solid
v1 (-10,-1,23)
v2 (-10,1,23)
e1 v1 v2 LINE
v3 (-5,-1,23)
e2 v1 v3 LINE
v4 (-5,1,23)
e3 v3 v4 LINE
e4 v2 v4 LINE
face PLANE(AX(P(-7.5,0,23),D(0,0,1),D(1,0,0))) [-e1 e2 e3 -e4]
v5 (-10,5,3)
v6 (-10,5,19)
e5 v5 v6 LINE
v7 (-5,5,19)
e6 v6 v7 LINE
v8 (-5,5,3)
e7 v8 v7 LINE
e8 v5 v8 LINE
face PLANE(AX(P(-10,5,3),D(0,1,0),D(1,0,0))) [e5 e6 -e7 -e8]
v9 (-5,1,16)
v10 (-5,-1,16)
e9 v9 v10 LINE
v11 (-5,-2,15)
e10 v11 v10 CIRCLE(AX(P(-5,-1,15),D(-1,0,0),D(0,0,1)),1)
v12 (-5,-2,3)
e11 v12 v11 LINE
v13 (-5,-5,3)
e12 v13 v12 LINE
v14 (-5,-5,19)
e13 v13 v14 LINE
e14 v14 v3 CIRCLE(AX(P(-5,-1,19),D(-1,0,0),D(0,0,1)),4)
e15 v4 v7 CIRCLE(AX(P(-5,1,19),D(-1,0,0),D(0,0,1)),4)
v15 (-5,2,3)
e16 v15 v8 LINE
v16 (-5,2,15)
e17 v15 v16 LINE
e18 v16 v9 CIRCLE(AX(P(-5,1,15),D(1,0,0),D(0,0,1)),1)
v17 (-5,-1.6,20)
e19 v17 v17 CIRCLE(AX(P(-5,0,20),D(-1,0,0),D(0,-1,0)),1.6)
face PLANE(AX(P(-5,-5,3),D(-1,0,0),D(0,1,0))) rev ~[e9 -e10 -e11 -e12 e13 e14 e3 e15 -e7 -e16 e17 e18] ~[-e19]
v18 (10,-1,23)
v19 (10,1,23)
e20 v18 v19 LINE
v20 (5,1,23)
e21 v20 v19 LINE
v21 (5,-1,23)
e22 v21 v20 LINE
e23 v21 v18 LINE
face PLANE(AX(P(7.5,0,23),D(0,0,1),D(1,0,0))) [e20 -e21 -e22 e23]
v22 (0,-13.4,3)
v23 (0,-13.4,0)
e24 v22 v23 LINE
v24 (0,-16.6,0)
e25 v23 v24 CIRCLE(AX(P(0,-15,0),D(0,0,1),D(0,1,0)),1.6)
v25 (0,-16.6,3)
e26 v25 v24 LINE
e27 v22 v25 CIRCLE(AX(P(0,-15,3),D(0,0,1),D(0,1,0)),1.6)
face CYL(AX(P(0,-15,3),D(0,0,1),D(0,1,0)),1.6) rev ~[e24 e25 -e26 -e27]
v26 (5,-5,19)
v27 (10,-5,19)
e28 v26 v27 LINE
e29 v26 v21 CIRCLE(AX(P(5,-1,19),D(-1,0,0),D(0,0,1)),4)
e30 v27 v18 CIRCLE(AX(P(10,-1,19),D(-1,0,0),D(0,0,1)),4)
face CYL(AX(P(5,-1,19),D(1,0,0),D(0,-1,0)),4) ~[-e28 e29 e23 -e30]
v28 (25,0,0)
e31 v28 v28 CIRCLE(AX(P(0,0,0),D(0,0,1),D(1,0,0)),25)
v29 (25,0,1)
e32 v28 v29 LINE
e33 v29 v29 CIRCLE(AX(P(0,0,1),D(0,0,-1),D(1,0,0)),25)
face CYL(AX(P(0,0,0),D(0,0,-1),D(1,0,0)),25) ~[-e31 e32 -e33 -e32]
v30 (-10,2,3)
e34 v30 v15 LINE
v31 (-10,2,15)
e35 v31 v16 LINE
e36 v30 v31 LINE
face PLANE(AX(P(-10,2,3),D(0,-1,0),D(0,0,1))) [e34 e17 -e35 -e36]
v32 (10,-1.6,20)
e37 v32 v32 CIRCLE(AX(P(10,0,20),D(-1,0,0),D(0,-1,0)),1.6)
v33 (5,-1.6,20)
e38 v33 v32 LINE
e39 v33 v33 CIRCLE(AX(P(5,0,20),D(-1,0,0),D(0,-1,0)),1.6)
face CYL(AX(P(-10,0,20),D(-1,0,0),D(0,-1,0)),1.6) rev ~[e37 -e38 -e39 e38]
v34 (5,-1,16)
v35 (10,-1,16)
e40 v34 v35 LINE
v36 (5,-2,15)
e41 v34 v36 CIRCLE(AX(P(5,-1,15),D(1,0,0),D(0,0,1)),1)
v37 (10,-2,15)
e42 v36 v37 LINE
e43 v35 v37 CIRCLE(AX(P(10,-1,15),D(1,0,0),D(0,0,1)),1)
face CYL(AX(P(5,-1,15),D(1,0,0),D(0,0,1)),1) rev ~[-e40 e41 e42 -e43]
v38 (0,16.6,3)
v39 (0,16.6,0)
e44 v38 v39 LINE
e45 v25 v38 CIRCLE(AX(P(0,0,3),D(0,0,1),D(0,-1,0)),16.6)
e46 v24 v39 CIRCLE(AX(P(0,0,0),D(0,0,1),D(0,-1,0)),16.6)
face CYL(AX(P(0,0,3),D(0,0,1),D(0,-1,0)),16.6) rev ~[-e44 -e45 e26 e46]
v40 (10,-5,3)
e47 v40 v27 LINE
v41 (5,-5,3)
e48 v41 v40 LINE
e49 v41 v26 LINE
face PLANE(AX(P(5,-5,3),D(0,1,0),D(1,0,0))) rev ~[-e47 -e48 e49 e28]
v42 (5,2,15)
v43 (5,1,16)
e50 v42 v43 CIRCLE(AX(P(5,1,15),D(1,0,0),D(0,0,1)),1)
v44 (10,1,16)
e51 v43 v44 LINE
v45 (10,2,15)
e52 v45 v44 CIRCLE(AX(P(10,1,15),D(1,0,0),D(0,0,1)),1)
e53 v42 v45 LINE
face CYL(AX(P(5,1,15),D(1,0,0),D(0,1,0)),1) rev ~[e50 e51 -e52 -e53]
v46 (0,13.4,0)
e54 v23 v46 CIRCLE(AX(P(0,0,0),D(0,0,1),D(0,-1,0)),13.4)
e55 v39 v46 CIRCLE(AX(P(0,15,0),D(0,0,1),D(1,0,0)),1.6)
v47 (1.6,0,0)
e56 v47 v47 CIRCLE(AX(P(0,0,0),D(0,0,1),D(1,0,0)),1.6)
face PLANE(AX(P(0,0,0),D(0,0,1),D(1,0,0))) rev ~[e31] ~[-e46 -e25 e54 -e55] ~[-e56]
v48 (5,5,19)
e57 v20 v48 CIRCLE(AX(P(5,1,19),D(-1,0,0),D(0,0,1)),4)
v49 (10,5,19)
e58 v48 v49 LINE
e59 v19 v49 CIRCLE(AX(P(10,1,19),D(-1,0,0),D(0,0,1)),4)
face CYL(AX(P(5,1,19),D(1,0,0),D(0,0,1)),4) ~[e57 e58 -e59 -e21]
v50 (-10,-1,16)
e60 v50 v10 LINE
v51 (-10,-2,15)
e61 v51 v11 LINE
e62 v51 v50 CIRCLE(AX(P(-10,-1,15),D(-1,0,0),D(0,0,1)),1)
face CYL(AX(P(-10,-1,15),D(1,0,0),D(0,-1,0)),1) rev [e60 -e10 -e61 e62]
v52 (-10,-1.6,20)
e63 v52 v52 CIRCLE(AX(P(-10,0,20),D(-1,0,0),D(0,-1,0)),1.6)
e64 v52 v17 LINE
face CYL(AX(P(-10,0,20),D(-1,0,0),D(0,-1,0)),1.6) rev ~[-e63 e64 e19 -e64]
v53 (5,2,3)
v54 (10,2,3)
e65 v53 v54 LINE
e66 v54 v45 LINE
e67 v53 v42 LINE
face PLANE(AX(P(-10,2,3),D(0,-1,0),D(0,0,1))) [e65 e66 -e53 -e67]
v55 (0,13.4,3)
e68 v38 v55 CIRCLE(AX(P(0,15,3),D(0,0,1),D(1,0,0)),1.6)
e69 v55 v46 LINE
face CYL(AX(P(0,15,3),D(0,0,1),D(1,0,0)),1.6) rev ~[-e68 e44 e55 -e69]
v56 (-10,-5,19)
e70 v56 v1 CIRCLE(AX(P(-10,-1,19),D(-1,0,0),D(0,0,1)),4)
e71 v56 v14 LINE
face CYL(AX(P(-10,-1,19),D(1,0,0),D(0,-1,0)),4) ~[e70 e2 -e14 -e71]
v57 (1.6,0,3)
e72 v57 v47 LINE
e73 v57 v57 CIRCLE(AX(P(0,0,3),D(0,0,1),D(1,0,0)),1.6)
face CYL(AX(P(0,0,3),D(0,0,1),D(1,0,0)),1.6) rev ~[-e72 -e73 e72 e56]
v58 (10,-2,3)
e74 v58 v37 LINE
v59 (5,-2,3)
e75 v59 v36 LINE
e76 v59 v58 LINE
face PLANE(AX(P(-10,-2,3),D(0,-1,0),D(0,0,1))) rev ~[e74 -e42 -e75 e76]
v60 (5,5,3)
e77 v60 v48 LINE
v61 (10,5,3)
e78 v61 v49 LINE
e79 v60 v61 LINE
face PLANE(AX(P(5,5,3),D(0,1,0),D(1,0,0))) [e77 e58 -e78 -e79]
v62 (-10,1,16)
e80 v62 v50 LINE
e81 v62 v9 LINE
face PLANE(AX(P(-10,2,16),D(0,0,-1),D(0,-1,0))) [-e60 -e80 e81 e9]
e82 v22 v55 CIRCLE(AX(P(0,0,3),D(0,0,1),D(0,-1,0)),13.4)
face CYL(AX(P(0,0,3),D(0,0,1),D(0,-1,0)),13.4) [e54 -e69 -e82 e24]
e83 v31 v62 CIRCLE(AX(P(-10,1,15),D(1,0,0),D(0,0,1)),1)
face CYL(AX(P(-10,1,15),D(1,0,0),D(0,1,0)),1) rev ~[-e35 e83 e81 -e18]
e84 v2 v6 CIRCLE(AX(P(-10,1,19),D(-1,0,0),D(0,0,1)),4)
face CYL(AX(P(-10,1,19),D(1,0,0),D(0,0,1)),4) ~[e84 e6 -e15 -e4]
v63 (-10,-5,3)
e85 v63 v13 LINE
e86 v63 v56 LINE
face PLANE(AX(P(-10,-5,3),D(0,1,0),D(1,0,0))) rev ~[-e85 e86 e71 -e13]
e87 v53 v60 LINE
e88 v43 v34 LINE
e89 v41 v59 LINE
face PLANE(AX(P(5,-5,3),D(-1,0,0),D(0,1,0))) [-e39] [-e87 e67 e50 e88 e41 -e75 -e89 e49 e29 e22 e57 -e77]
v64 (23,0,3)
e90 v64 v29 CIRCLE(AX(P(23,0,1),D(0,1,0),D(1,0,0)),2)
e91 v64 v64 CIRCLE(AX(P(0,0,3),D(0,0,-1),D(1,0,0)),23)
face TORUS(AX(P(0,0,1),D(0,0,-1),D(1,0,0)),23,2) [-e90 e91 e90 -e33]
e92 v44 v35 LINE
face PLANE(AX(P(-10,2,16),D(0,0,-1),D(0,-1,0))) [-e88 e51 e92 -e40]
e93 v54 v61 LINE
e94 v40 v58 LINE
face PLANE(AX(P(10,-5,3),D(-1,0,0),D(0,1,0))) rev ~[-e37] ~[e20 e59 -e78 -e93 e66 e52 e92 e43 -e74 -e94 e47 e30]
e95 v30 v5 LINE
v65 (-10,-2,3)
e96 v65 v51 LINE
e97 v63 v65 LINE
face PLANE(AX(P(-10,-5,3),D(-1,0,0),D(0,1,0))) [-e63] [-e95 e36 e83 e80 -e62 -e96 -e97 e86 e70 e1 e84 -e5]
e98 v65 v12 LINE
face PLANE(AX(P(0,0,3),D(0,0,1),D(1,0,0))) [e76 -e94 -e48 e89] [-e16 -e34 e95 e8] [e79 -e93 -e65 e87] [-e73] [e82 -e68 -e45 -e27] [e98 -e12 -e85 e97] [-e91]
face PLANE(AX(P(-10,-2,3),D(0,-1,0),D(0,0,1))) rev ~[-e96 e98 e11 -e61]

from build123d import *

# Parameters (mm, degrees)
SKETCH_R        = 25
PAD_DEPTH       = 3
SKETCH001_W     = 5
SKETCH001_H     = 10
PAD001_DEPTH    = 20
SKETCH002_R     = 1.6
POCKET_DEPTH    = 5
SKETCH003_R     = 1.6
SKETCH003_W     = 4
SKETCH003_H     = 13
POCKET001_DEPTH = 35.001
FILLET_R        = 4
FILLET001_R     = 1
FILLET002_R     = 2
POCKET002_DEPTH = 5
POCKET003_DEPTH = 5


with BuildPart() as part:
    # Sketch → Pad (new body)
    with BuildSketch(Plane.XY):
        Circle(SKETCH_R)
    extrude(amount=PAD_DEPTH)

    # Sketch001 (on Face3 of Pad) → Pad001 (join)
    with BuildSketch(Plane.XY.offset(3)):
        with Locations((-7.5, 0)):
            Rectangle(SKETCH001_W, SKETCH001_H)
        with Locations((7.5, 0)):
            Rectangle(SKETCH001_W, SKETCH001_H)
    extrude(amount=PAD001_DEPTH)

    # Sketch002 (on Face3 of Pad001) → Pocket (cut)
    with BuildSketch(Plane.XY.offset(3)):
        Circle(SKETCH002_R)
        with Locations((0, 15)):
            Circle(SKETCH002_R)
    extrude(amount=-POCKET_DEPTH, mode=Mode.SUBTRACT)

    # Sketch003 (on Face8 of Pocket) → Pocket001 (cut, through all)
    with BuildSketch(Plane(origin=(-10, 0, 0), x_dir=(0, -1, 0), z_dir=(-1, 0, 0))):
        with Locations((0, 20)):
            Circle(SKETCH003_R)
        with Locations((0, 9.5)):
            Rectangle(SKETCH003_W, SKETCH003_H)
    extrude(amount=-POCKET001_DEPTH, mode=Mode.SUBTRACT)

    # Fillet
    fillet_edges = [part.edges().sort_by_distance(p)[0] for p in [
        (-7.5, 5, 23),
        (-7.5, -5, 23),
        (7.5, -5, 23),
        (7.5, 5, 23),
    ]]
    fillet(fillet_edges, radius=FILLET_R)

    # Fillet001
    fillet001_edges = [part.edges().sort_by_distance(p)[0] for p in [
        (7.5, -2, 16),
        (-7.5, -2, 16),
        (-7.5, 2, 16),
        (7.5, 2, 16),
    ]]
    fillet(fillet001_edges, radius=FILLET001_R)

    # Fillet002
    fillet002_edges = [part.edges().sort_by_distance(p)[0] for p in [
        (-25, 0, 3),
    ]]
    fillet(fillet002_edges, radius=FILLET002_R)

    # Sketch004 (on Face1 of Fillet002) → Pocket002 (cut)
    with BuildSketch(Plane.XY.offset(3)):
        with BuildLine():
            ThreePointArc((0, -16.6), (16.6, 0), (0, 16.6))
            Line((0, 16.6), (0, 13.4))
            ThreePointArc((0, -13.4), (13.4, 0), (0, 13.4))
            Line((0, -13.4), (0, -16.6))
        make_face()
    extrude(amount=-POCKET002_DEPTH, mode=Mode.SUBTRACT)

    # Sketch005 (on Face1 of Pocket002) → Pocket003 (cut)
    with BuildSketch(Plane.XY.offset(3)):
        with BuildLine():
            ThreePointArc((0, -13.4), (-1.6, -15), (0, -16.6))
            Line((0, -13.4), (0, -16.6))
        make_face()
    extrude(amount=-POCKET003_DEPTH, mode=Mode.SUBTRACT)


solid = part.part
